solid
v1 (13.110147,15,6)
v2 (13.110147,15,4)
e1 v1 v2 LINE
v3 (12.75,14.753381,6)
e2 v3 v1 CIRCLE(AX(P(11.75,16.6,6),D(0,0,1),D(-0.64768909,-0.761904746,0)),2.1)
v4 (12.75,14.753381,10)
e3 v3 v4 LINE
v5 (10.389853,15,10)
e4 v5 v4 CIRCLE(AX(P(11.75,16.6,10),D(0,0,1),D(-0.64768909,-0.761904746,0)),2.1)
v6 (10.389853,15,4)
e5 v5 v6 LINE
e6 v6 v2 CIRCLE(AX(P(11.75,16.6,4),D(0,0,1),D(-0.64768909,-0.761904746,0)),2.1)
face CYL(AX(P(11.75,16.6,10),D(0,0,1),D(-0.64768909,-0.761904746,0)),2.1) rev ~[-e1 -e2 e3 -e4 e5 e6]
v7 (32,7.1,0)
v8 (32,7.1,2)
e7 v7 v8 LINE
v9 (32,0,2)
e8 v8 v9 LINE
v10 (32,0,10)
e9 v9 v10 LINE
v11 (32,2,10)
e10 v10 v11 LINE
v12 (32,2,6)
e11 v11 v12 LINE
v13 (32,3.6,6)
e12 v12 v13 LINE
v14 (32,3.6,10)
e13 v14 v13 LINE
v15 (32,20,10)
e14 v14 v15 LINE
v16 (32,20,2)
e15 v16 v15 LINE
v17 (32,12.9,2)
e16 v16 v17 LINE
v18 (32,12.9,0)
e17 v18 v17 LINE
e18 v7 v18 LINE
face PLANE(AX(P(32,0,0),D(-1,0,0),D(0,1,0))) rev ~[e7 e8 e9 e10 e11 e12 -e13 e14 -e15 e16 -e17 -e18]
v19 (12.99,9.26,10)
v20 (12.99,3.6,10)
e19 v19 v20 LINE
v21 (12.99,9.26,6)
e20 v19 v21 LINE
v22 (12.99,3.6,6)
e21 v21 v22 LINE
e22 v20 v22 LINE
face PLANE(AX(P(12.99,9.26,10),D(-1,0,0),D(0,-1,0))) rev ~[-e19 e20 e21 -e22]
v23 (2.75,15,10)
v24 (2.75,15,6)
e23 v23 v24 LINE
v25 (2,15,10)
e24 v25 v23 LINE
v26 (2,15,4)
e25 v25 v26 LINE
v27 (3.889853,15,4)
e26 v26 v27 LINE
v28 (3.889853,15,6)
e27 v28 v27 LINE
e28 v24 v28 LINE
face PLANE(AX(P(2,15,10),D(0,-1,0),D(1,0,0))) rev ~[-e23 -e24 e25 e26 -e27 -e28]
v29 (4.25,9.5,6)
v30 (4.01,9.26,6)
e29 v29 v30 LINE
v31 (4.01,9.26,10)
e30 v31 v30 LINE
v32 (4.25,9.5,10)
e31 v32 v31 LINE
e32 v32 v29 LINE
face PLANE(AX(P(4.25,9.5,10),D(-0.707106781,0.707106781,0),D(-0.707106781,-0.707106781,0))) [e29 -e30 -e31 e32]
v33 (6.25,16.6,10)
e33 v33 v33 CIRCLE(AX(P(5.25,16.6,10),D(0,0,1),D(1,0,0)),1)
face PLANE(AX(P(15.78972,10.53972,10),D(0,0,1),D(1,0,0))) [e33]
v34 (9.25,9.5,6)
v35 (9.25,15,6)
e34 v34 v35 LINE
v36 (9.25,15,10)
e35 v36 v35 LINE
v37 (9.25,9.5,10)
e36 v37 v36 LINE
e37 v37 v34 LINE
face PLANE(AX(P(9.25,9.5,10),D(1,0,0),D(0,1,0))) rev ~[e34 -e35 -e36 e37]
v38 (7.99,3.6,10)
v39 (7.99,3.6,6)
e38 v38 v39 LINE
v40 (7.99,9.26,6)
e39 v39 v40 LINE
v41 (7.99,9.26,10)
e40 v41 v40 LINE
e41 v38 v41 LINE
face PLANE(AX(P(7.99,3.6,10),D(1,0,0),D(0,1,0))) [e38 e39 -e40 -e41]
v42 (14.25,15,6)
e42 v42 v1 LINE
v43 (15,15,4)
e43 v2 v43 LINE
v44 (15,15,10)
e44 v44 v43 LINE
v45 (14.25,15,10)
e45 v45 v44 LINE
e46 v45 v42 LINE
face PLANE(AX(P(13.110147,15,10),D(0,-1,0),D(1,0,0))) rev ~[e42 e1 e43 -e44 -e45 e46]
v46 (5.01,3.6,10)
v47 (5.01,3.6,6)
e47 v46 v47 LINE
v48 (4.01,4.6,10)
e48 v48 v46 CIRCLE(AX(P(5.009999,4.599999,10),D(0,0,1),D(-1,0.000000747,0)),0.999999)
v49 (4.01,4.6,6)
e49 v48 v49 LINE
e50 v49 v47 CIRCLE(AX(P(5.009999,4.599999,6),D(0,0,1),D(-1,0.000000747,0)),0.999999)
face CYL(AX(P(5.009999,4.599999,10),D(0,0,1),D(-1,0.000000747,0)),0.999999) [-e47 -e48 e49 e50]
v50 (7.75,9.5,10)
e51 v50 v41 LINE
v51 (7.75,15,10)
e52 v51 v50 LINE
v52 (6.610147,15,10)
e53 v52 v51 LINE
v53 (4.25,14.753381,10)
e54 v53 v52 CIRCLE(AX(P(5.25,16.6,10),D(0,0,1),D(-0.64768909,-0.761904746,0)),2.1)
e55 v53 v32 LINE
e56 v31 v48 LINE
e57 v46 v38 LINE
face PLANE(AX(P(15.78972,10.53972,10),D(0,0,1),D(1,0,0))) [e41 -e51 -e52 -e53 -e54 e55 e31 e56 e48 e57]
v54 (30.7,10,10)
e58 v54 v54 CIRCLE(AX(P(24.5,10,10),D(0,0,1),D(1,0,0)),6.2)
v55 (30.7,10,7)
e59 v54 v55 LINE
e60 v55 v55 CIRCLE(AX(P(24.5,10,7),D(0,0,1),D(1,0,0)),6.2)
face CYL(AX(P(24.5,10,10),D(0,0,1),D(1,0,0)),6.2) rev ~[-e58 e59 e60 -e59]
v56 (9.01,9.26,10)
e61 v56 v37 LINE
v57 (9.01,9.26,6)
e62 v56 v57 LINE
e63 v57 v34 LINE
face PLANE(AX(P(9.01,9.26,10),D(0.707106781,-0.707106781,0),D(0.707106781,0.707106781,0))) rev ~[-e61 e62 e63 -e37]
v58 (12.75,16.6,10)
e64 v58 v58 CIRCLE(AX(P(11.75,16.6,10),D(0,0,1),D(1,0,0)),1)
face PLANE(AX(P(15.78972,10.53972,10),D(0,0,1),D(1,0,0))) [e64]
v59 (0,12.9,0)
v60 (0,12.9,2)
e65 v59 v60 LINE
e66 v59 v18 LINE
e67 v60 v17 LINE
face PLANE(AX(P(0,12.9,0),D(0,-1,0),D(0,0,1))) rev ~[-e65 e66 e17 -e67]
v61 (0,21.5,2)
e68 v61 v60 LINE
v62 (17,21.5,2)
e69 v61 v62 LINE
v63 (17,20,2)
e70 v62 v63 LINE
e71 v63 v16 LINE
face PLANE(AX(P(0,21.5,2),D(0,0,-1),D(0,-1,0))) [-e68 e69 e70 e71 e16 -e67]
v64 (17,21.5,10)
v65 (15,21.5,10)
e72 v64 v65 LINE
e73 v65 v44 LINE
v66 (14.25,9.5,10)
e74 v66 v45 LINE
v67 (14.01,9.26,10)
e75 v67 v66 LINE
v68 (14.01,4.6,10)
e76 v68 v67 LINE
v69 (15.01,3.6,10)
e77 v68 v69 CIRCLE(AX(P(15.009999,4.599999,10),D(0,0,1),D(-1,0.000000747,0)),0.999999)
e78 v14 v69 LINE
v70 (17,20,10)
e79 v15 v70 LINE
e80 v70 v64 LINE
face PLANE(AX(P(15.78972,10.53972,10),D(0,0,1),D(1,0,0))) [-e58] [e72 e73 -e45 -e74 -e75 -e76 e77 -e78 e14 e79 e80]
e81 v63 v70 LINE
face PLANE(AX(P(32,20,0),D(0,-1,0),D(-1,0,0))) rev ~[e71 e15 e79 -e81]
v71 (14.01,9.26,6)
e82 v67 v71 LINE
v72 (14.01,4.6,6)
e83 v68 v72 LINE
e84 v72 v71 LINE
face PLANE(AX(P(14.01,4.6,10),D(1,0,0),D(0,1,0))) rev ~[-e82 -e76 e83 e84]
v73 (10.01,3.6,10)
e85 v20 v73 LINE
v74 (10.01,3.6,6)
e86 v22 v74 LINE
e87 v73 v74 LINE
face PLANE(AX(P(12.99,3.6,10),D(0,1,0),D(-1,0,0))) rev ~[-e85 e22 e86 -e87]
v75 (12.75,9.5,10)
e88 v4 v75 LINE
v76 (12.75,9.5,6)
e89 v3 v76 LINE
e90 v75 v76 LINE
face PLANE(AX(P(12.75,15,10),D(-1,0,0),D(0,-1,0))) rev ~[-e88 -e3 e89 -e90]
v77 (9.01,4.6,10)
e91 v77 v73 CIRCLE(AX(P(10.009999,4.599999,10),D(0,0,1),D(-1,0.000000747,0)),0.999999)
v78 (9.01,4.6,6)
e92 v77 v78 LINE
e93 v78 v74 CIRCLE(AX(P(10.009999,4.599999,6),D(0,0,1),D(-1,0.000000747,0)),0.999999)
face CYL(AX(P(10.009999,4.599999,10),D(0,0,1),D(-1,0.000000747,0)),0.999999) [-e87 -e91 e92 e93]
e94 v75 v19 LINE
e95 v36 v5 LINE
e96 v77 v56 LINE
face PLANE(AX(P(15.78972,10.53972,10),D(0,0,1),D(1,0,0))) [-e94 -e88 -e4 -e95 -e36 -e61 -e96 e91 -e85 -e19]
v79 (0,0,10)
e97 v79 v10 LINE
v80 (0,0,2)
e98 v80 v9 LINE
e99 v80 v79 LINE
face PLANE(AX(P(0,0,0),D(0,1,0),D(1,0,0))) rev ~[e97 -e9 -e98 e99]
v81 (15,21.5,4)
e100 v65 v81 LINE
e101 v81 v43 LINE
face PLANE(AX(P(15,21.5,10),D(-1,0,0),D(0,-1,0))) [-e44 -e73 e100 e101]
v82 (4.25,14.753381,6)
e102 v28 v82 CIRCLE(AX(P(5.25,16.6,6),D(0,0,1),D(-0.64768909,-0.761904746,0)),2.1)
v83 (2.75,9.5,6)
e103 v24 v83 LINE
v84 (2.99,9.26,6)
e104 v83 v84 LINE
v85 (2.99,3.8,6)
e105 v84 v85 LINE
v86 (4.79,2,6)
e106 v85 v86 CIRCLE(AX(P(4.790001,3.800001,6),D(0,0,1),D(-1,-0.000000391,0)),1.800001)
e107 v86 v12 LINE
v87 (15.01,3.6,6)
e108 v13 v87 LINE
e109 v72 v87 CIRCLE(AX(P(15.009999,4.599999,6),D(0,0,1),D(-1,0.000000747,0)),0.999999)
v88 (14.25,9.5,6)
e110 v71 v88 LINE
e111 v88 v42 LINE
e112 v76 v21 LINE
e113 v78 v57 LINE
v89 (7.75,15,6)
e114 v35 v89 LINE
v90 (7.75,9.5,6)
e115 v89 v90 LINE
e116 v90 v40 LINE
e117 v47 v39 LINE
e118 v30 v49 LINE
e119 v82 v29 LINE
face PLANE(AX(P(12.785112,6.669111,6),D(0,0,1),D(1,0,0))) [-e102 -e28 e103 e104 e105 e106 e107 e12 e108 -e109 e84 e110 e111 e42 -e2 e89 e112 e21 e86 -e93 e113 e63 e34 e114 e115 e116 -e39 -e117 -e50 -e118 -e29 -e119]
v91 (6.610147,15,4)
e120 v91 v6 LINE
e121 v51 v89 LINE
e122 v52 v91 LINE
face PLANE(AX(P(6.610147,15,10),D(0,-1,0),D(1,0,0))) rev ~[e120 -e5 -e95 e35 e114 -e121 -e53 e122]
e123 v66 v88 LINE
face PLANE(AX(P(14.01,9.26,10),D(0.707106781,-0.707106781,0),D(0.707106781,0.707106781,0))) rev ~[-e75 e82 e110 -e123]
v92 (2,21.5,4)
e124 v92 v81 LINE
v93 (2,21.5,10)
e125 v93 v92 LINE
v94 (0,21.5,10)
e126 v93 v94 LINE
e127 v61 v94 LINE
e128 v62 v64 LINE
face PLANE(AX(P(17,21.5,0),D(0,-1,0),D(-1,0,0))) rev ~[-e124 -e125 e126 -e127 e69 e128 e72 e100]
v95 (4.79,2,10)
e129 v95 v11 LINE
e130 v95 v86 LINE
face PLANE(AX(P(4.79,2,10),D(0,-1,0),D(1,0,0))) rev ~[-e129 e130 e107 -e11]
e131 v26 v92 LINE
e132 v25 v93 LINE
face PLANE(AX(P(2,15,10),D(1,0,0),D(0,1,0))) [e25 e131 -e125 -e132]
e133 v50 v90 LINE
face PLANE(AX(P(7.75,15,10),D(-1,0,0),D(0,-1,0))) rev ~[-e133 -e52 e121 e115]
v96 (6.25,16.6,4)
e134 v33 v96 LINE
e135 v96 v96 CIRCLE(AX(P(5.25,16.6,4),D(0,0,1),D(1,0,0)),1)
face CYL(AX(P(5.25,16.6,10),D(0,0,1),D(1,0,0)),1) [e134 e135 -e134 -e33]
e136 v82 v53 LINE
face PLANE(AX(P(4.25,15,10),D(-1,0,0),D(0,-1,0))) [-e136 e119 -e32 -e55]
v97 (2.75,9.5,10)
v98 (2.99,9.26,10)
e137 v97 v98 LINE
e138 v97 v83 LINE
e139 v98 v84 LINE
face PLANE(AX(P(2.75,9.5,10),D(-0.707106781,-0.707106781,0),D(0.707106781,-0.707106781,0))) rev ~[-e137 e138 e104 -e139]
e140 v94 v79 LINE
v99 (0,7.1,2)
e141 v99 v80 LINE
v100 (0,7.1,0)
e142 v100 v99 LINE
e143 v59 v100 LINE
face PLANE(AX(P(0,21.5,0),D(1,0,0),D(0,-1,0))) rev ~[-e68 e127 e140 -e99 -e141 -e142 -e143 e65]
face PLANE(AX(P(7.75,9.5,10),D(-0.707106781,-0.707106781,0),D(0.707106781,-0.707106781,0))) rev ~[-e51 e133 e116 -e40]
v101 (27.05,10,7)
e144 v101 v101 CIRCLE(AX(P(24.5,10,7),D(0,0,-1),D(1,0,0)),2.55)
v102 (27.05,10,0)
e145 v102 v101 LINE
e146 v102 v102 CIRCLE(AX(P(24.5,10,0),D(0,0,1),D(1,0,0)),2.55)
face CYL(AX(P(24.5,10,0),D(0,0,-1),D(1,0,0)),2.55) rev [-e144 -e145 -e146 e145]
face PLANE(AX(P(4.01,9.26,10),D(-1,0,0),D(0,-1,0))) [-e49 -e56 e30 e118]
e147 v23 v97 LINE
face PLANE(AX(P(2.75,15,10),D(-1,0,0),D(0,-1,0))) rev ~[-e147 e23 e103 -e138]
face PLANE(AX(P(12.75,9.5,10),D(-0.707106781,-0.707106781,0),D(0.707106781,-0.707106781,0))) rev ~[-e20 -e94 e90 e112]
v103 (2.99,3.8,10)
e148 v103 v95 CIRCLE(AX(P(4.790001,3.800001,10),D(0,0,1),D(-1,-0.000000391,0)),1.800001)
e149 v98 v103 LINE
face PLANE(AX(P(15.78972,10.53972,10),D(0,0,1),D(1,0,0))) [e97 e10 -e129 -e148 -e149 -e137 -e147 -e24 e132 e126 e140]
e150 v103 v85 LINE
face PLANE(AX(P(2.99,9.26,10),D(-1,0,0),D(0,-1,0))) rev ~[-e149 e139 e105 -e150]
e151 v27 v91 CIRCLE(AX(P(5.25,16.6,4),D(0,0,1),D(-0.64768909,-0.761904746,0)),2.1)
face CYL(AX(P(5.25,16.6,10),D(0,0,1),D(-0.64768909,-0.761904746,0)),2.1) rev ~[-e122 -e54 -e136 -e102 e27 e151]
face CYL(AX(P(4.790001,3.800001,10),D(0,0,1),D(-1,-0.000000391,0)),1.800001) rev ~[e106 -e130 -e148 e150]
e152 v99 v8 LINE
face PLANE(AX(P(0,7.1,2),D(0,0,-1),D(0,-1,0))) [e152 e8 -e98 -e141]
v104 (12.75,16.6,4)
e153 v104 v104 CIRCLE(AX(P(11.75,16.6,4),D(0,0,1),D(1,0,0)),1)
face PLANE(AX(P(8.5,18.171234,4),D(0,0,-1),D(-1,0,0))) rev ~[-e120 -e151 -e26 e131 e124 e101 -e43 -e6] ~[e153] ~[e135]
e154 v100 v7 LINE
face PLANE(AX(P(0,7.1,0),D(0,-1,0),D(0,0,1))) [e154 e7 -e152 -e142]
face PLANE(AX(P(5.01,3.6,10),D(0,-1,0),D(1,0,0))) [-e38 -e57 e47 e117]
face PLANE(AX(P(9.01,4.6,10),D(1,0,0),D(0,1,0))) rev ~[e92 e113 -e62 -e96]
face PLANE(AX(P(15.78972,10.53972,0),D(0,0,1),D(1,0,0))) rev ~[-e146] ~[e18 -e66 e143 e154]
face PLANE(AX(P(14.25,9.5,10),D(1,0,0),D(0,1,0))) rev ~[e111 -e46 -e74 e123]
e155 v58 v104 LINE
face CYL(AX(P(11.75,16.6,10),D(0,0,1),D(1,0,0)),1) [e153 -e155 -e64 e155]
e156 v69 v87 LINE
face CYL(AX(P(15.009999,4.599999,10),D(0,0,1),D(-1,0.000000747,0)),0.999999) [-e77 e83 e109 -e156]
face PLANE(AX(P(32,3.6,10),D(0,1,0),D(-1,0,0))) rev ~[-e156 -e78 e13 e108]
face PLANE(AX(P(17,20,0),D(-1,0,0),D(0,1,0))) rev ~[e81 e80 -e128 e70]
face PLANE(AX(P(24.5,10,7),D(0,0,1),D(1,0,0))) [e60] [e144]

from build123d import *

# Parameters (mm, degrees)
SKETCH_R        = 2.55
PAD_DEPTH       = 10
SKETCH001_R     = 1
POCKET_DEPTH    = 6
SKETCH002_W     = 8.6
SKETCH002_H     = 2
SKETCH002_W_2   = 7.1
POCKET001_DEPTH = 32.001
POCKET002_DEPTH = 4
SKETCH004_R     = 6.2
POCKET003_DEPTH = 3


with BuildPart() as part:
    # Sketch → Pad (new body)
    with BuildSketch(Plane.XY):
        Polygon((0, 21.5), (0, 0), (32, 0), (32, 20), (17, 20), (17, 21.5), align=None)
        with Locations((24.5, 10)):
            Circle(SKETCH_R, mode=Mode.SUBTRACT)
    extrude(amount=PAD_DEPTH)

    # Sketch001 (on Face9 of Pad) → Pocket (cut)
    with BuildSketch(Plane.XY.offset(10)):
        with BuildLine():
            Line((2, 21.5), (15, 21.5))
            Line((15, 21.5), (15, 15))
            Line((13.110147, 15), (15, 15))
            ThreePointArc((10.389853, 15), (11.75, 14.5), (13.110147, 15))
            Line((8.5, 15), (10.389853, 15))
            Line((8.5, 15), (6.610147, 15))
            ThreePointArc((3.889853, 15), (5.25, 14.5), (6.610147, 15))
            Line((2, 15), (3.889853, 15))
            Line((2, 15), (2, 21.5))
        make_face()
        with Locations((5.25, 16.6)):
            Circle(SKETCH001_R, mode=Mode.SUBTRACT)
        with Locations((11.75, 16.6)):
            Circle(SKETCH001_R, mode=Mode.SUBTRACT)
    extrude(amount=-POCKET_DEPTH, mode=Mode.SUBTRACT)

    # Sketch002 (on Face1 of Pocket) → Pocket001 (cut, through all)
    with BuildSketch(Plane(origin=(0, 0, 0), x_dir=(0, -1, 0), z_dir=(-1, 0, 0))):
        with Locations((-17.2, 1)):
            Rectangle(SKETCH002_W, SKETCH002_H)
        with Locations((-3.55, 1)):
            Rectangle(SKETCH002_W_2, SKETCH002_H)
    extrude(amount=-POCKET001_DEPTH, mode=Mode.SUBTRACT)

    # Sketch003 (on Face8 of Pocket001) → Pocket002 (cut)
    with BuildSketch(Plane.XY.offset(10)):
        with BuildLine():
            Line((7.75, 15), (7.75, 9.5))
            Line((7.75, 9.5), (7.99, 9.26))
            Line((7.99, 3.6), (7.99, 9.26))
            Line((5.01, 3.6), (7.99, 3.6))
            ThreePointArc((4.01, 4.6), (4.302893, 3.892893), (5.01, 3.6))
            Line((4.01, 9.26), (4.01, 4.6))
            Line((4.25, 9.5), (4.01, 9.26))
            Line((4.25, 15), (4.25, 9.5))
            Line((2.75, 15), (4.25, 15))
            Line((2.75, 15), (2.75, 9.5))
            Line((2.75, 9.5), (2.99, 9.26))
            Line((2.99, 9.26), (2.99, 3.8))
            ThreePointArc((2.99, 3.8), (3.517208, 2.527208), (4.79, 2))
            Line((4.79, 2), (32, 2))
            Line((32, 2), (32, 3.6))
            Line((32, 3.6), (15.01, 3.6))
            ThreePointArc((14.01, 4.6), (14.302893, 3.892893), (15.01, 3.6))
            Line((14.01, 4.6), (14.01, 9.26))
            Line((14.01, 9.26), (14.25, 9.5))
            Line((14.25, 9.5), (14.25, 15))
            Line((14.25, 15), (12.75, 15))
            Line((12.75, 15), (12.75, 9.5))
            Line((12.75, 9.5), (12.99, 9.26))
            Line((12.99, 9.26), (12.99, 3.6))
            Line((12.99, 3.6), (10.01, 3.6))
            ThreePointArc((9.01, 4.6), (9.302893, 3.892893), (10.01, 3.6))
            Line((9.01, 4.6), (9.01, 9.26))
            Line((9.01, 9.26), (9.25, 9.5))
            Line((9.25, 9.5), (9.25, 15))
            Line((9.25, 15), (7.75, 15))
        make_face()
    extrude(amount=-POCKET002_DEPTH, mode=Mode.SUBTRACT)

    # Sketch004 (on Face23 of Pocket002) → Pocket003 (cut)
    with BuildSketch(Plane.XY.offset(10)):
        with Locations((24.5, 10)):
            Circle(SKETCH004_R)
    extrude(amount=-POCKET003_DEPTH, mode=Mode.SUBTRACT)


solid = part.part
